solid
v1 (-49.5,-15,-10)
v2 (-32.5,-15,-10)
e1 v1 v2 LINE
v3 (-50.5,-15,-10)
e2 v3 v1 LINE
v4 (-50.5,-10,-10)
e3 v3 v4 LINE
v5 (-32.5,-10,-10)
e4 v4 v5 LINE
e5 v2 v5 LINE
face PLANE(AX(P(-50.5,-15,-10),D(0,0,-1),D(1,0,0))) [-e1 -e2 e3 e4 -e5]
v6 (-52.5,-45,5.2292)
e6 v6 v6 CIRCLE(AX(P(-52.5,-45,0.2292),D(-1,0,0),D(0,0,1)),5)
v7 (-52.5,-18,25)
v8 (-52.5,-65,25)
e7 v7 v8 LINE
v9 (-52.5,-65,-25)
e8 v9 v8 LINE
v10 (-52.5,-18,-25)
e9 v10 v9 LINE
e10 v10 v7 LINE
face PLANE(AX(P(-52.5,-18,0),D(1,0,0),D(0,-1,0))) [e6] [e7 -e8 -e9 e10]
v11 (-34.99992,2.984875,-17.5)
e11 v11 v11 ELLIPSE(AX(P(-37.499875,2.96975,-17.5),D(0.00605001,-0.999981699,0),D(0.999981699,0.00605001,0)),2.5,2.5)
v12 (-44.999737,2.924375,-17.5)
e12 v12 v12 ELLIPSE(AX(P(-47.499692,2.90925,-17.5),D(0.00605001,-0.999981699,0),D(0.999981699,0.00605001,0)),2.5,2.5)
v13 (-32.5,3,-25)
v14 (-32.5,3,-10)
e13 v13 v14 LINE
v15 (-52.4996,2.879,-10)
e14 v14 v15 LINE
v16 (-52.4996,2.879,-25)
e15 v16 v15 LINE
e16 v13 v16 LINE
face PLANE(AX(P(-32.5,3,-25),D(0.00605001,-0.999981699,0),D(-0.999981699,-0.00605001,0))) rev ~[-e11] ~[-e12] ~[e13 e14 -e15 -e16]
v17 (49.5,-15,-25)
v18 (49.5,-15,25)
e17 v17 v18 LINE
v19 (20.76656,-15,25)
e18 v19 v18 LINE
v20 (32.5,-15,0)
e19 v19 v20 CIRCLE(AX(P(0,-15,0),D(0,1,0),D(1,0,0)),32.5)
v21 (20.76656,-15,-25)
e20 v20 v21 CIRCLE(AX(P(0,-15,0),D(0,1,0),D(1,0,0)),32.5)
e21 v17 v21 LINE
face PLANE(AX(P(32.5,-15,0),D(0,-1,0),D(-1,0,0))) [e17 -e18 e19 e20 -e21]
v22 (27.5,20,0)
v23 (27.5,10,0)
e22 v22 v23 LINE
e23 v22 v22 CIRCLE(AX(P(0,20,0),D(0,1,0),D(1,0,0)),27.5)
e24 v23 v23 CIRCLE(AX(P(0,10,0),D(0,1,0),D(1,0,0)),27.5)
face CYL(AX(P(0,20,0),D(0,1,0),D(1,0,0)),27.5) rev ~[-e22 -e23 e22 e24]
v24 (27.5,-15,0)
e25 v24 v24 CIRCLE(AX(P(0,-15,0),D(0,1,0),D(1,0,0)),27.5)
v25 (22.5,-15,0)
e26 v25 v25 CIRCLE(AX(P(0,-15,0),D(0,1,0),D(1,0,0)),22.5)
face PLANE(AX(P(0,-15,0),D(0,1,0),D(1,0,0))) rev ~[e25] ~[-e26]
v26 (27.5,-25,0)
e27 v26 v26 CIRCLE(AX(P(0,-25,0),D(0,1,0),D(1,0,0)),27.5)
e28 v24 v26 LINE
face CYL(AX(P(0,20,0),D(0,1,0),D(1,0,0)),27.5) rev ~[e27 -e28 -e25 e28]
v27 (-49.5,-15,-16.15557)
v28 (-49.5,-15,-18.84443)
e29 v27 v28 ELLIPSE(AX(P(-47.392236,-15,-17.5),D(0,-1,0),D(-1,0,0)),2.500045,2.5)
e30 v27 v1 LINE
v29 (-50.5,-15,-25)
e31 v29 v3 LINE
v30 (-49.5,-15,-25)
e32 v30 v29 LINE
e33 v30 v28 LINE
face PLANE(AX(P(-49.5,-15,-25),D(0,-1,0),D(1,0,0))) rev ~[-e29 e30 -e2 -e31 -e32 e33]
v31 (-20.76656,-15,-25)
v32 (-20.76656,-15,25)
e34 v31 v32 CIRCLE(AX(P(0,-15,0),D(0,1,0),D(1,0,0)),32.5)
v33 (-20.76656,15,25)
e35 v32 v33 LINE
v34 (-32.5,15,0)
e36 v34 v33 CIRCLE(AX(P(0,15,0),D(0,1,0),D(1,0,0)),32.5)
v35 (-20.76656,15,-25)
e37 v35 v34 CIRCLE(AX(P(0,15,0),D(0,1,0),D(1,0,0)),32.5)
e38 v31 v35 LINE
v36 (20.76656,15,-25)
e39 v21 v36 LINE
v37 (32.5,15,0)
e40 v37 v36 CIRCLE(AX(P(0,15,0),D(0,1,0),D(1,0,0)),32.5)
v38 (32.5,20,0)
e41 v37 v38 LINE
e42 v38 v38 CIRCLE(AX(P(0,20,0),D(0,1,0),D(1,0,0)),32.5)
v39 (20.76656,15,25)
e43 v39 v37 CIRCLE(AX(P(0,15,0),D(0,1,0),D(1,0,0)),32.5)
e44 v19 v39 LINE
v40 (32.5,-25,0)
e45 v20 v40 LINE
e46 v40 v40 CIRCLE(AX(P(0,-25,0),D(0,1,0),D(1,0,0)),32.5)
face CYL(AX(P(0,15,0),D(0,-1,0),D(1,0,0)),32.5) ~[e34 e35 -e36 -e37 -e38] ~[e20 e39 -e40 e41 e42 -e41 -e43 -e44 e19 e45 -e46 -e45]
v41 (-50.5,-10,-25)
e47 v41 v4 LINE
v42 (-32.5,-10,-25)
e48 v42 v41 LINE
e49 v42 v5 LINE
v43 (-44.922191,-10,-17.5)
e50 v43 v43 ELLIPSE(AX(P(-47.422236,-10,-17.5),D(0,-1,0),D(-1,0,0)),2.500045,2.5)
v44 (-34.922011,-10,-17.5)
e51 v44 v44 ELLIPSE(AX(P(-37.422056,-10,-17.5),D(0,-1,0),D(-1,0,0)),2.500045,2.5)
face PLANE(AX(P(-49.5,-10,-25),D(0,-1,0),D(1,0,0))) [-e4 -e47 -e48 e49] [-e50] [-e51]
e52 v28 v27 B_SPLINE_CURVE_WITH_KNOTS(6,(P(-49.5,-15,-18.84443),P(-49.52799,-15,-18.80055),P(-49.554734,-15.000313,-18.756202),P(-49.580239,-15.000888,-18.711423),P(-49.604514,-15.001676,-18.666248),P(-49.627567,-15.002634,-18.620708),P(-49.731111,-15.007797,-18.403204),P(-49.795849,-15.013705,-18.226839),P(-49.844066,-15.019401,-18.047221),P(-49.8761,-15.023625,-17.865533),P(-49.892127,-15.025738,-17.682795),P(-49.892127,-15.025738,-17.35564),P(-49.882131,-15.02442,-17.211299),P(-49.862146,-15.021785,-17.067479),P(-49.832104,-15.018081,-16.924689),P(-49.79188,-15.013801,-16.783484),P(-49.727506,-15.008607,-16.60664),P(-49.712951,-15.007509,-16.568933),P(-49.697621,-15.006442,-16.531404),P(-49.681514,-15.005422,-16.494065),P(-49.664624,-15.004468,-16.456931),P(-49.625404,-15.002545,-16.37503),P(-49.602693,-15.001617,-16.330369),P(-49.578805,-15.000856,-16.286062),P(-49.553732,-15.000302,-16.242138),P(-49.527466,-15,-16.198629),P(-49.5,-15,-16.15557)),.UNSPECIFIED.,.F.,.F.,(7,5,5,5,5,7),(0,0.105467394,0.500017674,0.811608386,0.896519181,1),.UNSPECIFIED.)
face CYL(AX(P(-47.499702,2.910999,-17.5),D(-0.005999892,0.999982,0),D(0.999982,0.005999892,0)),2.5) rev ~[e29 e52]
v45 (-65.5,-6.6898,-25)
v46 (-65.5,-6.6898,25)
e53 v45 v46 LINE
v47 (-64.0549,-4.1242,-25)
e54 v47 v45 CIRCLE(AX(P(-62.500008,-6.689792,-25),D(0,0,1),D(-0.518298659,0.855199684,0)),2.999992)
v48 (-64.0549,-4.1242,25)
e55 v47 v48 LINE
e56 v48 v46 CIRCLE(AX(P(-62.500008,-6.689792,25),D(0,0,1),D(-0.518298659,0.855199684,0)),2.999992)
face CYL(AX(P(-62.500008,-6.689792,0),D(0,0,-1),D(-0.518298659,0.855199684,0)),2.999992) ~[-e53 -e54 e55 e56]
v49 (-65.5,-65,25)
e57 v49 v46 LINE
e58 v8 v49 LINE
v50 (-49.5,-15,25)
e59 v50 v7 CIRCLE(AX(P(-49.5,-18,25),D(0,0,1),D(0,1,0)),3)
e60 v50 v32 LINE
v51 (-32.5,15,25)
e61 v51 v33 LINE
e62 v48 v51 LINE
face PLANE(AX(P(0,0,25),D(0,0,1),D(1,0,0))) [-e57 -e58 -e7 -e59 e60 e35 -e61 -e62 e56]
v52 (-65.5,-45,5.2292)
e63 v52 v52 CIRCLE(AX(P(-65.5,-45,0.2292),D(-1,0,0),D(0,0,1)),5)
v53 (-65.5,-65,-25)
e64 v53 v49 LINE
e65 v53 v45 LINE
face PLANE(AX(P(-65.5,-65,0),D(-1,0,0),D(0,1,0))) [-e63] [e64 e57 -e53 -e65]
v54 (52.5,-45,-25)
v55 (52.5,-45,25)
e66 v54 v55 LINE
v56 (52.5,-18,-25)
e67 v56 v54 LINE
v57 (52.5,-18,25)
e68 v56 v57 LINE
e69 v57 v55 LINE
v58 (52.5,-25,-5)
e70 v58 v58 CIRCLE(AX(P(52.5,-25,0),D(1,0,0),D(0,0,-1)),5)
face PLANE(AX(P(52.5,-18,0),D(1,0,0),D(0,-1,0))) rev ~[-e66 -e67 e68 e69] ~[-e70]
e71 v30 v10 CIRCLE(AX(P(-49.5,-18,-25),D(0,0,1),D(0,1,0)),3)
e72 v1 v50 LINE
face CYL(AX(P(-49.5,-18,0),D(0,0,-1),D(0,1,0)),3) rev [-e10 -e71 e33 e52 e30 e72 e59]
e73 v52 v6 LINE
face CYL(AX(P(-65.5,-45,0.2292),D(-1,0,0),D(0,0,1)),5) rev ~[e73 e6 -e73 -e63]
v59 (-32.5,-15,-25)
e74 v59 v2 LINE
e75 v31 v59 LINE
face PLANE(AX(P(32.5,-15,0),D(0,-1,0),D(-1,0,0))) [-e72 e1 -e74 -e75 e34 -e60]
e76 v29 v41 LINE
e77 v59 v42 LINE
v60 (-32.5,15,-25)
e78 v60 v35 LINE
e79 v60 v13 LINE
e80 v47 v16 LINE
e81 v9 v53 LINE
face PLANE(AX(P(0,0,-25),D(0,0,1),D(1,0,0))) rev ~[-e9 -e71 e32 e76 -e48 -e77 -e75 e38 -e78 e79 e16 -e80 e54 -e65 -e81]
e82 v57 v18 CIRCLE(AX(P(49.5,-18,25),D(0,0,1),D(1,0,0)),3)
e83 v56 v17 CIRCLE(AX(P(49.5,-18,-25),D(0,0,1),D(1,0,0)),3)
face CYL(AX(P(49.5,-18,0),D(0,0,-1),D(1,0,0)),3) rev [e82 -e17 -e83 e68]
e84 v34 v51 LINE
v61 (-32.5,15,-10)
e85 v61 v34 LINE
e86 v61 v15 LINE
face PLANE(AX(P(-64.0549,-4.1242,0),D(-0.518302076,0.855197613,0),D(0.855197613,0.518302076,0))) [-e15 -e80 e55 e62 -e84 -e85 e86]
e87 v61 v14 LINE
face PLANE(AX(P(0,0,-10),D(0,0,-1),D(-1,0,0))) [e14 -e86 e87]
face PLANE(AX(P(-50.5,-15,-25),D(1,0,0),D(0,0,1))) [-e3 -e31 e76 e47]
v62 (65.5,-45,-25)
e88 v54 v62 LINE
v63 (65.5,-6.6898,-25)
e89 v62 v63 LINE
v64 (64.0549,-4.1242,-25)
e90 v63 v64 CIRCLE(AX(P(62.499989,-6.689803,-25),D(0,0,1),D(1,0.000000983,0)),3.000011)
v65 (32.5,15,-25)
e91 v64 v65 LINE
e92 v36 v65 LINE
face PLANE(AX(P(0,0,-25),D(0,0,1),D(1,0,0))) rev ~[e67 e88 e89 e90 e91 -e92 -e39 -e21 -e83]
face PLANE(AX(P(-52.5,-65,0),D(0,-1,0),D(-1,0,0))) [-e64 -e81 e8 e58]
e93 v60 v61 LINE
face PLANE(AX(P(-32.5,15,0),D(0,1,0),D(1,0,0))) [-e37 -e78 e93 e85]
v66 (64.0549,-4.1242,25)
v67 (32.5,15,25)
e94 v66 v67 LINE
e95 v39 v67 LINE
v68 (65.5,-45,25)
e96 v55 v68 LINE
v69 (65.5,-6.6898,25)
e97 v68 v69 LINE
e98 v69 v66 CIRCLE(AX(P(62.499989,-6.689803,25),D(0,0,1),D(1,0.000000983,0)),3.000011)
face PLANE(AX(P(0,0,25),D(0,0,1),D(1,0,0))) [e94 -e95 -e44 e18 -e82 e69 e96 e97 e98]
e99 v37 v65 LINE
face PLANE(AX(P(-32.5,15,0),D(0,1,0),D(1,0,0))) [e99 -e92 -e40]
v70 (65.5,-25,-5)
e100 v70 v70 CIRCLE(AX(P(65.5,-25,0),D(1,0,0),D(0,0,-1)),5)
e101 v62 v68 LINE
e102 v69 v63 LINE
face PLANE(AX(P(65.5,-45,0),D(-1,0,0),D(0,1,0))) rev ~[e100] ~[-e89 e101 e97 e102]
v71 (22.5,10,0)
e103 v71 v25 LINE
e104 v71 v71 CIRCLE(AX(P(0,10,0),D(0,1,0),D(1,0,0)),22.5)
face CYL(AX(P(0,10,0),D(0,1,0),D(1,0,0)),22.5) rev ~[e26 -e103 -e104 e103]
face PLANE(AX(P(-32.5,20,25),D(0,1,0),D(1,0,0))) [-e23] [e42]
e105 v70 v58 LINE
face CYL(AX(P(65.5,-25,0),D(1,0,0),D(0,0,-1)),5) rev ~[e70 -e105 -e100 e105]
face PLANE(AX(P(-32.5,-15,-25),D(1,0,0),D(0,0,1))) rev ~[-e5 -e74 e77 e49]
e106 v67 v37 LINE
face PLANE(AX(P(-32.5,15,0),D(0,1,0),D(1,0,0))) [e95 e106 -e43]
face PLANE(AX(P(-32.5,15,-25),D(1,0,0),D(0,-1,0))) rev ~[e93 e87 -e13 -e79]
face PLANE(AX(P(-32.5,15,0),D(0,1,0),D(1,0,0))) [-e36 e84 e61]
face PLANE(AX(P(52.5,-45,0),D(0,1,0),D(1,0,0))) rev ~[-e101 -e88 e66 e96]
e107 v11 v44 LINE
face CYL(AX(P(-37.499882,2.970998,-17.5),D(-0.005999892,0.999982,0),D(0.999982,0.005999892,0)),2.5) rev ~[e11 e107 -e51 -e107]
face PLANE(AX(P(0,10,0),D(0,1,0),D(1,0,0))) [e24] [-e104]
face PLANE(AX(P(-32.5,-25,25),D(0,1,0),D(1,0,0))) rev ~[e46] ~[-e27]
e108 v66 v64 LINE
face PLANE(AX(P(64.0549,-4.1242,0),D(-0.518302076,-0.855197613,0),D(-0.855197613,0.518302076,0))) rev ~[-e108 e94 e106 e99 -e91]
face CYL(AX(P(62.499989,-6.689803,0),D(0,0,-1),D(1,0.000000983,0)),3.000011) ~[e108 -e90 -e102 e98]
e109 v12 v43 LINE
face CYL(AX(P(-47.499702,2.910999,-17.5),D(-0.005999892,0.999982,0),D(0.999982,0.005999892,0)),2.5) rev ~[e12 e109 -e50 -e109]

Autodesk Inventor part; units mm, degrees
ref_plane "YZ Plane" through (0, 0, 0) normal (1, 0, 0) x (0, 1, 0)
ref_plane "XZ Plane" through (0, 0, 0) normal (0, 1, 0) x (-1, 0, 0)
sketch "Sketch1" plane through (0, 0, 0) normal (0, 0, 1) x (1, 0, 0)
  line L0 (-32.5, 15) -> (32.5, 15)
  line L1 (32.5, 15) -> (32.5, -15)
  line L2 (-32.5, -15) -> (-32.5, 15)
  line L3 (-32.5, 15) -> (32.5, -15) construction
  line L4 (32.5, 15) -> (-32.5, -15) construction
  line L5 (-22.5, 15) -> (11.5921, 15) construction
  line L6 (-22.5, -15) -> (-49.5, -15)
  line L7 (-52.5, -18) -> (-52.5, -65)
  line L8 (-52.5, -65) -> (-65.5, -65)
  line L9 (-65.5, -65) -> (-65.5, -6.6898)
  line L10 (-64.0549, -4.1242) -> (-32.5, 15)
  arc A0 (-64.0549, -4.1242) -> (-65.5, -6.6898) centre (-62.5, -6.6898) ccw
  arc A1 (-49.5, -15) -> (-52.5, -18) centre (-49.5, -18) ccw
  line L11 (32.5, -15) -> (22.5, -15)
  line L12 (32.5, -15) -> (49.5, -15)
  line L13 (52.5, -18) -> (52.5, -45)
  line L14 (52.5, -45) -> (65.5, -45)
  line L15 (65.5, -45) -> (65.5, -6.6898)
  line L16 (64.0549, -4.1242) -> (32.5, 15)
  arc A2 (65.5, -6.6898) -> (64.0549, -4.1242) centre (62.5, -6.6898) ccw
  arc A3 (52.5, -18) -> (49.5, -15) centre (49.5, -18) ccw
  line L17 (-22.5, -15) -> (22.5, -15)
  point P0 (0, 0)
  point P1 (-22.5, -2.0461)
  point P2 (-52.5, -15)
  point P3 (-65.5, -5)
  point P4 (52.5, -15)
  point P5 (65.5, -5)
  dimension "d0" = 65
  dimension "d1" = 30
  dimension "d3" = 10
  dimension "d4" = 30
  dimension "d5" = 50
  dimension "d6" = 13
  dimension "d7" = 60
  dimension "d8" = 3
  dimension "d10" = 20
  dimension "d11" = 30
  dimension "d12" = 13
  dimension "d13" = 40
  dimension "d14" = 3
extrude "Extrusion1" add sketch "Sketch1" along normal mid plane 50
sketch "Sketch2" plane through (-32.5, 15, 25) normal (0, 1, 0) x (1, 0, 0)
  circle A0 centre (32.5, 25) radius 32.5
  dimension "d17" = 65
extrude "Extrusion2" add sketch "Sketch2" along normal blind 5 and the other way blind 40
sketch "Sketch3" plane through (0, 20, 0) normal (0, 1, 0) x (1, 0, 0)
  circle A0 centre (0, 0) radius 27.5
  dimension "d22" = 55
sketch "Sketch4" plane through (0, 20, 0) normal (0, 1, 0) x (1, 0, 0)
  point P0 (0, 0)
extrude "Extrusion3" cut sketch "Sketch3" against normal through all
ref_plane "Work Plane1" through (0, 10, 0) normal (0, 1, 0) x (1, 0, 0)
sketch "Sketch5" plane through (0, 10, 0) normal (0, 1, 0) x (1, 0, 0)
  circle A0 centre (0, 0) radius 27.5
  circle A1 centre (0, 0) radius 22.5
  dimension "d26" = 55
  dimension "d27" = 45
extrude "Extrusion4" add sketch "Sketch5" against normal blind 25
sketch "Sketch6" plane through (-65.5, -65, 25) normal (-1, 0, 0) x (0, 0, 1)
  circle A0 centre (-24.7708, 20) radius 5
  line L0 (-50, 0) -> (-50, 58.3102) projected
  line L1 (2.5, 40) -> (-52.5, 40) projected
  line L2 (-50, 0) -> (0.2292, 0)
  line L3 (0.2292, 0) -> (0.2292, 40)
  line L4 (0.2292, 40) -> (-50, 40)
  line L5 (-50, 40) -> (-50, 0)
  point P0 (-25, 65)
  dimension "d30" = 10
  dimension "d31" = 20
  dimension "d33" = 25
extrude "Extrusion5" cut sketch "Sketch6" against normal blind 25 contours A0
sketch "Sketch7" plane through (65.5, -45, 25) normal (1, 0, 0) x (0, 0, -1)
  circle A0 centre (25, 20) radius 5
  line L0 (50, 0) -> (0, 0) projected
  line L1 (50, 38.3102) -> (50, 0) projected
  point P0 (25, 45)
  dimension "d36" = 10
  dimension "d37" = 20
  dimension "d38" = 25
extrude "Extrusion6" cut sketch "Sketch7" against normal blind 20
sketch "Sketch8" plane through (0, 0, -25) normal (0, 0, -1) x (-1, 0, 0)
  line L0 (32.5, 15) -> (64.0549, -4.1242) projected
  line L1 (32.5, 15) -> (32.5, 3)
  line L2 (32.5, 3) -> (52.4996, 2.879)
  point P0 (0, 0)
  dimension "d41" = 12
  dimension "d42" = 20
extrude "Extrusion7" cut sketch "Sketch8" against normal blind 15
sketch "Sketch9" plane through (-52.4996, 2.879, -10) normal (-0.006, 1, 0) x (1, 0.006, 0)
  circle A0 centre (5, 7.5) radius 2.5
  circle A1 centre (15, 7.5) radius 2.5
  line L0 (0, 0) -> (0, 15) projected
  line L1 (20.0726, 15) -> (20.0726, 0) projected
  line L2 (0, 15) -> (20, 15) projected
  point P0 (52.4813, -10)
  dimension "d45" = 5
  dimension "d46" = 5
  dimension "d48" = 10
  dimension "d49" = 5
  dimension "d51" = 7.5
  dimension "d52" = 7.5
extrude "Extrusion8" cut sketch "Sketch9" against normal blind 25
sketch "Sketch10" plane through (-49.5, -15, -25) normal (0, -1, 0) x (1, 0, 0)
  line L0 (17, 0) -> (17, 15) projected
  line L1 (-2.9996, 15) -> (17, 15) projected
  line L2 (17, 0) -> (-1, 0)
  line L3 (-1, 0) -> (-1, 15)
  line L4 (-1, 15) -> (17, 15)
  line L5 (17, 15) -> (17, 0)
  point P0 (49.5, 25)
  dimension "d55" = 18
extrude "Extrusion9" cut sketch "Sketch10" against normal blind 5
equation "\"d52\" = d51"
properties part number "upright2025"
